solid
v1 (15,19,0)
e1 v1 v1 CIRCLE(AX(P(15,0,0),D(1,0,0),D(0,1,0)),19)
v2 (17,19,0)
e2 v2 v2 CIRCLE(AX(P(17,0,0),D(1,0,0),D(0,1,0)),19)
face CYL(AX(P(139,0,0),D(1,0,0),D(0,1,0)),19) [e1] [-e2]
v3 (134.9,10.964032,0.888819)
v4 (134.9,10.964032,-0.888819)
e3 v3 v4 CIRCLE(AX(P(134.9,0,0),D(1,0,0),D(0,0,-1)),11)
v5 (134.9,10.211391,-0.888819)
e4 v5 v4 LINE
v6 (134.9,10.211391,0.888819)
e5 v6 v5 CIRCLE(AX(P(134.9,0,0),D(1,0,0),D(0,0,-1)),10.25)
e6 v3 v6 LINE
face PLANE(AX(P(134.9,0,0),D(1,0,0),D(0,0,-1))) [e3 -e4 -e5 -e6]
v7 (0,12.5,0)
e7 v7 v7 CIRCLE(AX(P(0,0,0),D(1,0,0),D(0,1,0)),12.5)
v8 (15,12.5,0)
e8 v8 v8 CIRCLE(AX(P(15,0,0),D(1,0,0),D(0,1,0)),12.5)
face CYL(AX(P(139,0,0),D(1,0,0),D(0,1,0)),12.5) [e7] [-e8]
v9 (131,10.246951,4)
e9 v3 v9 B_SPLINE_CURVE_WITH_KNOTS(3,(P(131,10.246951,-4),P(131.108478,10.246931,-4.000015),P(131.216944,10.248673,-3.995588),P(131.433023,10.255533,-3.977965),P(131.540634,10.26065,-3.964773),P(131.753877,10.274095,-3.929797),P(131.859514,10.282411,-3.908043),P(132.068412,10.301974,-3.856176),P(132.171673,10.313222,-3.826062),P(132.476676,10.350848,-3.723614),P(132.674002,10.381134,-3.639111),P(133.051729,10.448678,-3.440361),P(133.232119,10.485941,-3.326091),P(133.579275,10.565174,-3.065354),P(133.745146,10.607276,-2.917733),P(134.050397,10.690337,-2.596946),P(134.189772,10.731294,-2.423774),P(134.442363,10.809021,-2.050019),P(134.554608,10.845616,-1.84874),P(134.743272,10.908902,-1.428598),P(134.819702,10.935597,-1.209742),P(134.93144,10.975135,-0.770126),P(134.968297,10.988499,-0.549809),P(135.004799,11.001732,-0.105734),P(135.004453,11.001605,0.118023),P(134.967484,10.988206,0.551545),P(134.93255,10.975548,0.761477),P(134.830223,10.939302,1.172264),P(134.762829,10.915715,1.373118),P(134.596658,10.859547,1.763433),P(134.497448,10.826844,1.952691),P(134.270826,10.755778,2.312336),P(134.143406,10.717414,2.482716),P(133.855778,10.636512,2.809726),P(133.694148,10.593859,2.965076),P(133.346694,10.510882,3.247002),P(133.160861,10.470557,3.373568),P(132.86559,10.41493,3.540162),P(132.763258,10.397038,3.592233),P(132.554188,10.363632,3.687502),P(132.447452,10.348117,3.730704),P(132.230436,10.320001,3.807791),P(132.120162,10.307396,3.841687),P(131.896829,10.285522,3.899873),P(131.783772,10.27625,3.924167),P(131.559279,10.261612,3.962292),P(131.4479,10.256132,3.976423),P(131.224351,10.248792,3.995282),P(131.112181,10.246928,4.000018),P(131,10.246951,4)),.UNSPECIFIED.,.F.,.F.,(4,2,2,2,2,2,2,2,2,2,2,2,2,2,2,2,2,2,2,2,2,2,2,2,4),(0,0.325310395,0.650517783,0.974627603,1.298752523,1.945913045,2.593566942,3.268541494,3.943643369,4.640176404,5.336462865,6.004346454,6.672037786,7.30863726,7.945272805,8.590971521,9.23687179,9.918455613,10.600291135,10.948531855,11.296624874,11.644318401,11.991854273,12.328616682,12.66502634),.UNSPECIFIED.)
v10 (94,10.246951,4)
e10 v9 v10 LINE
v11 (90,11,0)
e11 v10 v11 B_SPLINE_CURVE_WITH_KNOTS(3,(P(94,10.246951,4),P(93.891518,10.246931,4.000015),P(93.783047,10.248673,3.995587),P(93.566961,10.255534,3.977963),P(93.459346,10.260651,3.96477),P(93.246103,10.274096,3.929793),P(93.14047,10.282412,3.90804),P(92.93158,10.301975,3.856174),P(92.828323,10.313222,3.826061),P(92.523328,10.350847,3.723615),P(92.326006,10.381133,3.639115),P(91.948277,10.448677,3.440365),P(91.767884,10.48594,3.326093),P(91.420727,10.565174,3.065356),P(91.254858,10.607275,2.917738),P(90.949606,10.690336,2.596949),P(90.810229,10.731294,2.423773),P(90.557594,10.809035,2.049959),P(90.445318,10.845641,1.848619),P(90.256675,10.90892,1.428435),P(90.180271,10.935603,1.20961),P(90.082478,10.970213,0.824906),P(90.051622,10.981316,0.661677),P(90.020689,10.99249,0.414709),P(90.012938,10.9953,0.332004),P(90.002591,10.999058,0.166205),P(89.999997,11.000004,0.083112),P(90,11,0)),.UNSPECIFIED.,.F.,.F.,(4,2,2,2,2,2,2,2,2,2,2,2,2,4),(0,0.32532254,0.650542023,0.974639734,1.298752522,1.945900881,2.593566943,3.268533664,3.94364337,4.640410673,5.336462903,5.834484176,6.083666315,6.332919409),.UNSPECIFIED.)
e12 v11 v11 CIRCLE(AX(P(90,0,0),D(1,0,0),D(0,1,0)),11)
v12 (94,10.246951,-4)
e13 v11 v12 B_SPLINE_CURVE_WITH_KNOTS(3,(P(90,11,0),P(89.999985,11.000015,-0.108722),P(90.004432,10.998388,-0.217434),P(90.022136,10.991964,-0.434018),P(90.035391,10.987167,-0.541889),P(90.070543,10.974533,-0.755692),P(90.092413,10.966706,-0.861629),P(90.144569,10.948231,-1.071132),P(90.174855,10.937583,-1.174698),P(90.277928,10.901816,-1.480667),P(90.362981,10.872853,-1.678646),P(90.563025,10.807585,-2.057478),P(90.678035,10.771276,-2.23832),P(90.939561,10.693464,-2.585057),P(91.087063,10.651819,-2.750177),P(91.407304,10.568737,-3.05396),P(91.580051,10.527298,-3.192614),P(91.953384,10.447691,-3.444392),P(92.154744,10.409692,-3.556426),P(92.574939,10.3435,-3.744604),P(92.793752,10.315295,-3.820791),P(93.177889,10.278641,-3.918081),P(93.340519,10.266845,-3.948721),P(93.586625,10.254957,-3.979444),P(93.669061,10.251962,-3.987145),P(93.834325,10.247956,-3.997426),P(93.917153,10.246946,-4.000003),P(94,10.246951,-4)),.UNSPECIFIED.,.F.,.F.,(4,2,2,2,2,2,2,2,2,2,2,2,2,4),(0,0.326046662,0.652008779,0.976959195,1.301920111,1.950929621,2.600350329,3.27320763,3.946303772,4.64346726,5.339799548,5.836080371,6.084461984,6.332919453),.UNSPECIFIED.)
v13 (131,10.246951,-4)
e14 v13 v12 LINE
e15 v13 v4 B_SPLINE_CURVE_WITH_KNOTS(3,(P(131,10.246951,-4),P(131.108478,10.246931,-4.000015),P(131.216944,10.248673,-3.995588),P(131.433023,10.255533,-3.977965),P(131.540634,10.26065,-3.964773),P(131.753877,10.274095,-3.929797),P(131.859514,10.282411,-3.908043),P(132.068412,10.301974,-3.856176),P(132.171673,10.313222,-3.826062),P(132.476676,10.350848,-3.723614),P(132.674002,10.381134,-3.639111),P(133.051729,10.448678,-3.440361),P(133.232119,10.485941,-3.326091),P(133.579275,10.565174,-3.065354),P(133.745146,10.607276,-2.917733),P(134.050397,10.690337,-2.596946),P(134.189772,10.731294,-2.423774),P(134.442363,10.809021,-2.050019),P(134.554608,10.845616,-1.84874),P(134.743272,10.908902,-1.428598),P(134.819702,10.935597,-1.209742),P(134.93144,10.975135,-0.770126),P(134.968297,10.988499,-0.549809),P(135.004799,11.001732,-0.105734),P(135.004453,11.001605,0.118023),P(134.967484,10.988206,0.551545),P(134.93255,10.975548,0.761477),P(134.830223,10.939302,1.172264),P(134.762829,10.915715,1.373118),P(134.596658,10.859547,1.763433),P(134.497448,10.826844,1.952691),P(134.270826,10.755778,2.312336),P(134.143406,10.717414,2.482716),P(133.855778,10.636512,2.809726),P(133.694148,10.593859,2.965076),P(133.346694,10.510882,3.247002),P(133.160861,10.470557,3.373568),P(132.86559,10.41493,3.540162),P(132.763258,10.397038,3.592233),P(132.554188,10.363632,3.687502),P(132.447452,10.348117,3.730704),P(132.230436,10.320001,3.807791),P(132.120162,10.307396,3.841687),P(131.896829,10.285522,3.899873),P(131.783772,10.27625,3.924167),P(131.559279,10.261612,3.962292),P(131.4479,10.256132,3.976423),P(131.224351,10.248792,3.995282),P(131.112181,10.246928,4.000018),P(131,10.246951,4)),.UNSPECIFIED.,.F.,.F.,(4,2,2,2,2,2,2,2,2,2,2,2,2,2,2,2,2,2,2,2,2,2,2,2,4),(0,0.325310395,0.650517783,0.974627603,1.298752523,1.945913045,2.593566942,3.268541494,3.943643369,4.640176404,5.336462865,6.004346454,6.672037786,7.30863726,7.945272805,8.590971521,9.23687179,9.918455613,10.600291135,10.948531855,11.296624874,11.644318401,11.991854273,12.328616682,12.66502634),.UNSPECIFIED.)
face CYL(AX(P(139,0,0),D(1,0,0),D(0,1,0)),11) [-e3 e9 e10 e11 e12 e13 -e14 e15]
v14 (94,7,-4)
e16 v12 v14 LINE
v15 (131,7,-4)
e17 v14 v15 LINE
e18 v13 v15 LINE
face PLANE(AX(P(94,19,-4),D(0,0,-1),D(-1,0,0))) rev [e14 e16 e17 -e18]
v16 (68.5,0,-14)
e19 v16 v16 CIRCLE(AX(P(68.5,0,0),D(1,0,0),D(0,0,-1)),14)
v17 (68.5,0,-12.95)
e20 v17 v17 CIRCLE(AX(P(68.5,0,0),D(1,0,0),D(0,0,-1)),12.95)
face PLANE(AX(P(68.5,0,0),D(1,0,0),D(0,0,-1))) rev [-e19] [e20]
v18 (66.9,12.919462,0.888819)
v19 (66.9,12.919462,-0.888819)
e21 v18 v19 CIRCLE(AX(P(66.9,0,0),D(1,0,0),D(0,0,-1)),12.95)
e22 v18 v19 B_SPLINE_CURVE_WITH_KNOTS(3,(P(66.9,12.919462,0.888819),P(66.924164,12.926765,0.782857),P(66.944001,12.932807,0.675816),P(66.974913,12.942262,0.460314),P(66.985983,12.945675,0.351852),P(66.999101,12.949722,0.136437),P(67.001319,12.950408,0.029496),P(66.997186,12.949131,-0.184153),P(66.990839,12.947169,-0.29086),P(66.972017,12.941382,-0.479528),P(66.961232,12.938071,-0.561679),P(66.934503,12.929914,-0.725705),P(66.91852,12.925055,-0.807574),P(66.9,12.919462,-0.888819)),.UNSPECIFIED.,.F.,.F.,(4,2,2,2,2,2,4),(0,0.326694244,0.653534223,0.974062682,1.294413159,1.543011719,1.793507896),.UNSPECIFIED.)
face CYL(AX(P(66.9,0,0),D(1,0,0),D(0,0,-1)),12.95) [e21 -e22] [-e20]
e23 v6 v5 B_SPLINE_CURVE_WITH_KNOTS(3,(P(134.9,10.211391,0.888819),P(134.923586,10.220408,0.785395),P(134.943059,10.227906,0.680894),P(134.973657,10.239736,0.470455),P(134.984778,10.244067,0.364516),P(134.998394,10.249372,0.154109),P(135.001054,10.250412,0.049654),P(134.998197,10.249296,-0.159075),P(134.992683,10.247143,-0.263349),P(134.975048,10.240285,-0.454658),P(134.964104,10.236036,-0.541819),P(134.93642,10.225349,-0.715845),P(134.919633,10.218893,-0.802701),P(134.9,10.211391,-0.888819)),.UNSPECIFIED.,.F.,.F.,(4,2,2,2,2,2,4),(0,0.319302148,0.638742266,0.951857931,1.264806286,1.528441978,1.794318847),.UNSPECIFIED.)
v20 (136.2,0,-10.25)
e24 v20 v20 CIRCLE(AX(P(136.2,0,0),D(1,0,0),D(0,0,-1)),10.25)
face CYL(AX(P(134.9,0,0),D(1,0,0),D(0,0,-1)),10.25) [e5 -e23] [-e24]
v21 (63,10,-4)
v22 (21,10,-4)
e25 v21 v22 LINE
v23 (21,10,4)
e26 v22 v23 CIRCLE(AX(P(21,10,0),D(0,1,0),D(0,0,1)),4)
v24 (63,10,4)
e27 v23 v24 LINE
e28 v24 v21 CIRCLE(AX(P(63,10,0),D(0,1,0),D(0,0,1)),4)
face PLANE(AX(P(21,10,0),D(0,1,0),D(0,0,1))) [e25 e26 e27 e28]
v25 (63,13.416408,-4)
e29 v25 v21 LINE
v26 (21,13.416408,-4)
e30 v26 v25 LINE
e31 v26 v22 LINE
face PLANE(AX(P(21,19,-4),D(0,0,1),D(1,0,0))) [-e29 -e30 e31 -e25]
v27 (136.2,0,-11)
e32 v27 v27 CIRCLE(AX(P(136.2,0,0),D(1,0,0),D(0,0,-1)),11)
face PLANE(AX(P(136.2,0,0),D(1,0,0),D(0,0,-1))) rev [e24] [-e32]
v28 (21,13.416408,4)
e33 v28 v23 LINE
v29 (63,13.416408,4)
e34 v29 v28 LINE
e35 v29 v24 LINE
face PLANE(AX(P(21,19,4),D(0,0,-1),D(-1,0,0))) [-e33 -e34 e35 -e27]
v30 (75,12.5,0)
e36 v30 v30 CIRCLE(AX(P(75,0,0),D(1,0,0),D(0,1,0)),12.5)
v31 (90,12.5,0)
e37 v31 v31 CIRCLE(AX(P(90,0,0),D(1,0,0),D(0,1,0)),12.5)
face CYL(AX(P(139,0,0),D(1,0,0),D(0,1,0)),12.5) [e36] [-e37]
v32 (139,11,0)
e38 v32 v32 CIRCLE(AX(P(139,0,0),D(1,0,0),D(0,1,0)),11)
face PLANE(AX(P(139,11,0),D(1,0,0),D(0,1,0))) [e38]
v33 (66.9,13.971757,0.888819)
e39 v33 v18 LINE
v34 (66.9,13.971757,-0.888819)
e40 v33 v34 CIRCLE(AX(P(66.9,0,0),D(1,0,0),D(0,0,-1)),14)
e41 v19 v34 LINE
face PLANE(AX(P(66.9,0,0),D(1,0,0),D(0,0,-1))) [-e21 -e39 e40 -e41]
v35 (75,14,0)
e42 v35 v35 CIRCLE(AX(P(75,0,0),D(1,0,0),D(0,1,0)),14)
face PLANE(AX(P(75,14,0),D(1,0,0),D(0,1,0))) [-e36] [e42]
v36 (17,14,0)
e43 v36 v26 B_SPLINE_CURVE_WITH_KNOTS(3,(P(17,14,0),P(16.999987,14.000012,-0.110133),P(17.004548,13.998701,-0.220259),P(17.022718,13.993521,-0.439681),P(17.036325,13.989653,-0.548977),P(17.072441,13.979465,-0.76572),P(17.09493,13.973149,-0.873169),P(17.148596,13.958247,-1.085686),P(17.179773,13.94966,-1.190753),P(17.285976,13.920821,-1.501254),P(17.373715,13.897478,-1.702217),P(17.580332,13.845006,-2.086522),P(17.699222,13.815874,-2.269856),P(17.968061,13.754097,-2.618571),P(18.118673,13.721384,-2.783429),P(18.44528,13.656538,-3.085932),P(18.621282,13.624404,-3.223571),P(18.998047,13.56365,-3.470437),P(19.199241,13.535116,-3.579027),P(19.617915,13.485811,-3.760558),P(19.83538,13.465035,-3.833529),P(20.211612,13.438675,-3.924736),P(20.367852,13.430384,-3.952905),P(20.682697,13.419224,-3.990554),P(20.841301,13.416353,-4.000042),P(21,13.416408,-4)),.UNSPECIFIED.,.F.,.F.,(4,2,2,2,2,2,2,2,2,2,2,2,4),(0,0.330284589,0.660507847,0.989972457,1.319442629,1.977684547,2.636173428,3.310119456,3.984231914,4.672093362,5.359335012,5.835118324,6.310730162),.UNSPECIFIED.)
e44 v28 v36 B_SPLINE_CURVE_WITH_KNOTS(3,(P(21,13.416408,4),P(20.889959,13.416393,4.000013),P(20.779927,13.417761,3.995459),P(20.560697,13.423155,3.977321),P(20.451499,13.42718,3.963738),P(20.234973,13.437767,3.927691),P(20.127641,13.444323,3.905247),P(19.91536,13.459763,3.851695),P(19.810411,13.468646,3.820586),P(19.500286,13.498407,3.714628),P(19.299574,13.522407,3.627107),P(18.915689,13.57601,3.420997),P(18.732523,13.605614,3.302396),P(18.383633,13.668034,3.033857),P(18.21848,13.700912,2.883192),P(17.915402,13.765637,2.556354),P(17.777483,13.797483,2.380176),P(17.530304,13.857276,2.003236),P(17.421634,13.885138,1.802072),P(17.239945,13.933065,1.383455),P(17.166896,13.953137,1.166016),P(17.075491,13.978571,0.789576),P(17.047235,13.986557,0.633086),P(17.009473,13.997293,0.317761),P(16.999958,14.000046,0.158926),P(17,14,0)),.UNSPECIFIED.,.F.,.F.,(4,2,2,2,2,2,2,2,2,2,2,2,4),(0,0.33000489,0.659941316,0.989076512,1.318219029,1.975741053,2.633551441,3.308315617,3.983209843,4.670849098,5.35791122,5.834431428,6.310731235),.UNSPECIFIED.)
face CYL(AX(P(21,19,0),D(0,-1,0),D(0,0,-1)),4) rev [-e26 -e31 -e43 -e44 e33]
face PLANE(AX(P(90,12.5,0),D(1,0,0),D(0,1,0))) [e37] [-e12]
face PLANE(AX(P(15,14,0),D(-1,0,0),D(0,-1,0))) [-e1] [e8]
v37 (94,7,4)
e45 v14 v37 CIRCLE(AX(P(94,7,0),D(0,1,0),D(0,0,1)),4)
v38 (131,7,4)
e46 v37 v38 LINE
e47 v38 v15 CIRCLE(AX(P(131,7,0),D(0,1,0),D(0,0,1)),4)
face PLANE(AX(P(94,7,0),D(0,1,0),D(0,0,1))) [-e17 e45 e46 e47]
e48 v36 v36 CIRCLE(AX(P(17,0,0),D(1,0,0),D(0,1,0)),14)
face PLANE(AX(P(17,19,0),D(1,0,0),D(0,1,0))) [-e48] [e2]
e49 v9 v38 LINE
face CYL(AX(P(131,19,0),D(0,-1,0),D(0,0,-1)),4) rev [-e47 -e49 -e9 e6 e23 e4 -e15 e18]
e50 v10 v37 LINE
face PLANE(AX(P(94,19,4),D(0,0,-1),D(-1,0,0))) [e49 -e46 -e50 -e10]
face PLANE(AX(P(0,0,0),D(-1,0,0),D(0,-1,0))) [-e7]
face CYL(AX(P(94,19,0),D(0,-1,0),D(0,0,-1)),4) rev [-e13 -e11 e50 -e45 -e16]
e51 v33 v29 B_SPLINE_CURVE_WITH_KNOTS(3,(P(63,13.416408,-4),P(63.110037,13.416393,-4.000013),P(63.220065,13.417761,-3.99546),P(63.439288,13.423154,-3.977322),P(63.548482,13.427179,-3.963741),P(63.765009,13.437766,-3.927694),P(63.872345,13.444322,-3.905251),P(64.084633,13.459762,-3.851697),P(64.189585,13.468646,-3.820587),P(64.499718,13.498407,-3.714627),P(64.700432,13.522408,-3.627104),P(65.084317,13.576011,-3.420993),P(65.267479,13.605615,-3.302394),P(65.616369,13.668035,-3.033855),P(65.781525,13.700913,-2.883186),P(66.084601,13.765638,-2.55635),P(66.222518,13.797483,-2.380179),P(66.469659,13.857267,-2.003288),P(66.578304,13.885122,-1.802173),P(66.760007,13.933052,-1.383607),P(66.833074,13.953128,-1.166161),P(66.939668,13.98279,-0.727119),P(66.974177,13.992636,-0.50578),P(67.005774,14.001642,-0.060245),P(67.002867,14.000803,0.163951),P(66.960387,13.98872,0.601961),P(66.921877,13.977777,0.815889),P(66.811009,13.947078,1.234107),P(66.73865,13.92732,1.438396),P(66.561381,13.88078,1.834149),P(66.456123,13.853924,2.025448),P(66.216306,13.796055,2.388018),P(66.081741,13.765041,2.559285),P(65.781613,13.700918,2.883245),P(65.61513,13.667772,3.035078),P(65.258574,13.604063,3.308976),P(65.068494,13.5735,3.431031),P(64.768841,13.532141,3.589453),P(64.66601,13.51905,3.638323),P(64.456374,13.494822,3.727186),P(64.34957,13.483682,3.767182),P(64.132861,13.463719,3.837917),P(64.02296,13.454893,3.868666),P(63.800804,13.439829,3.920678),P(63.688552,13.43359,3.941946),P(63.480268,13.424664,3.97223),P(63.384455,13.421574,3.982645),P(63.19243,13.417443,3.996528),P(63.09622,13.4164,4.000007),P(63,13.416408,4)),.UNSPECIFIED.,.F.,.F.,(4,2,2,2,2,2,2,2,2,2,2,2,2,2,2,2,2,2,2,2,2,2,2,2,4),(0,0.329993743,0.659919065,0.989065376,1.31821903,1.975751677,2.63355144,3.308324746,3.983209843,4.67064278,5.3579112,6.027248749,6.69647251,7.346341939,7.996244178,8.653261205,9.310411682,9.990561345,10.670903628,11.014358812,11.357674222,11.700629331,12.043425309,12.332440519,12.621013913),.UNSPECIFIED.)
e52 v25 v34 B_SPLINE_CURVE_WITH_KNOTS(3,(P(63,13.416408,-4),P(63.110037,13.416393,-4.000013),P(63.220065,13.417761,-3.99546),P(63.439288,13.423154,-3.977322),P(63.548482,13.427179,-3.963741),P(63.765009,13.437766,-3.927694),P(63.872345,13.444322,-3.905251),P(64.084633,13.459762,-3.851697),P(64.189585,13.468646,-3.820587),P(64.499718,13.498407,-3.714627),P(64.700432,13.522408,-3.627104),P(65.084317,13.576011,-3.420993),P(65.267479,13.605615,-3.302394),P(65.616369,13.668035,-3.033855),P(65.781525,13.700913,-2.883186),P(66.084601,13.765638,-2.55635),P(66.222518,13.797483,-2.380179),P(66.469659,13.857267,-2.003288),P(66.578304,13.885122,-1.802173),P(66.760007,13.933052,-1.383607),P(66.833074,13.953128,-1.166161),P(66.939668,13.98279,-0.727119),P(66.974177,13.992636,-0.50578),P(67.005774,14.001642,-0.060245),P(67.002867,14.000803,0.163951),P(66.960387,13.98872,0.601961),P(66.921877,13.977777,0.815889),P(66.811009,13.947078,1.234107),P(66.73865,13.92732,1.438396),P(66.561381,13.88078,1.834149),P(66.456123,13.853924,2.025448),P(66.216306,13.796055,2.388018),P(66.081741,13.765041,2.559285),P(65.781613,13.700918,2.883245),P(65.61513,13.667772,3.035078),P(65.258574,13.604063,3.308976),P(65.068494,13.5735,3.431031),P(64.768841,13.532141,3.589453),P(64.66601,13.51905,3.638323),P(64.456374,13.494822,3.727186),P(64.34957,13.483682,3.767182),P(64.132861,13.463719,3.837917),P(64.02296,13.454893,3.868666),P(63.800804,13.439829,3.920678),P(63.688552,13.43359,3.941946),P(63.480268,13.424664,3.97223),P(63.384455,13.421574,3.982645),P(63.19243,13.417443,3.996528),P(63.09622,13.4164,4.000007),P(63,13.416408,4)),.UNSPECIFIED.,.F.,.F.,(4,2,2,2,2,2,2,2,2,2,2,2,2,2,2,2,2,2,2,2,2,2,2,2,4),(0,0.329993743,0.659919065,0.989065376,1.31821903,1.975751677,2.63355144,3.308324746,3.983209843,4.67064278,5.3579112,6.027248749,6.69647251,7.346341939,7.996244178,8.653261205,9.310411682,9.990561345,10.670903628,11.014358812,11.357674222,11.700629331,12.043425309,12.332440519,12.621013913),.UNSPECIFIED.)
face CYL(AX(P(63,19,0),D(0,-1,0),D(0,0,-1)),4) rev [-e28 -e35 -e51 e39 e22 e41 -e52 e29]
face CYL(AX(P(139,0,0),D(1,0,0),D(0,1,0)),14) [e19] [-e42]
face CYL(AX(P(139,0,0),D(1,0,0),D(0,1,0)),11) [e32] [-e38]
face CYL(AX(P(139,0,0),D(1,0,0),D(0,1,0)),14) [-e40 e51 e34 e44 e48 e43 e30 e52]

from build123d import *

# Parameters (mm, degrees)
CUT_EXTRUDE_START   = 10
CUT_EXTRUDE_1_DEPTH = 132.573302568
CUT_EXTRUDE_START_2 = 7
CUT_EXTRUDE_2_DEPTH = 135.573302568
CUT_EXTRUDE_START_3 = 68.5
SKETCH_4_R          = 14
SKETCH_4_R_2        = 12.95
CUT_EXTRUDE_3_DEPTH = 1.6
CUT_EXTRUDE_START_4 = 136.2
SKETCH_5_R          = 11
SKETCH_5_R_2        = 10.25
CUT_EXTRUDE_4_DEPTH = 1.3


with BuildPart() as part:
    # Эскиз1 → Повернуть1 (revolve)
    with BuildSketch(Plane.XY):
        Polygon((0, 0), (0, 12.5), (15, 12.5), (15, 14), (15, 19), (17, 19), (17, 14), (75, 14), (75, 12.5), (90, 12.5), (90, 11), (139, 11), (139, 0), align=None)
    revolve(axis=Axis((139, 0, 0), (-1, 0, 0)))

    # Эскиз2 → Вырез-Вытянуть1 (cut, through all)
    with BuildSketch(Plane(origin=(0, 0, 0), x_dir=(1, 0, 0), z_dir=(0, 1, 0)).offset(CUT_EXTRUDE_START)):
        with BuildLine():
            Line((21, 4), (63, 4))
            ThreePointArc((63, 4), (67, 0), (63, -4))
            Line((63, -4), (21, -4))
            ThreePointArc((21, -4), (17, 0), (21, 4))
        make_face()
    extrude(amount=CUT_EXTRUDE_1_DEPTH, mode=Mode.SUBTRACT)

    # Эскиз3 → Вырез-Вытянуть2 (cut, through all)
    with BuildSketch(Plane(origin=(0, 0, 0), x_dir=(1, 0, 0), z_dir=(0, 1, 0)).offset(CUT_EXTRUDE_START_2)):
        with BuildLine():
            Line((94, 4), (131, 4))
            ThreePointArc((131, 4), (135, 0), (131, -4))
            Line((131, -4), (94, -4))
            ThreePointArc((94, -4), (90, 0), (94, 4))
        make_face()
    extrude(amount=CUT_EXTRUDE_2_DEPTH, mode=Mode.SUBTRACT)

    # Эскиз4 → Вырез-Вытянуть3 (cut)
    with BuildSketch(Plane(origin=(0, 0, 0), x_dir=(0, 0, -1), z_dir=(1, 0, 0)).offset(CUT_EXTRUDE_START_3)):
        with Locations(Location((0, 0, 0), (0, 0, 90))):
            Circle(SKETCH_4_R)
        Circle(SKETCH_4_R_2, mode=Mode.SUBTRACT)
    extrude(amount=-CUT_EXTRUDE_3_DEPTH, mode=Mode.SUBTRACT)

    # Эскиз5 → Вырез-Вытянуть4 (cut)
    with BuildSketch(Plane(origin=(0, 0, 0), x_dir=(0, 0, -1), z_dir=(1, 0, 0)).offset(CUT_EXTRUDE_START_4)):
        with Locations(Location((0, 0, 0), (0, 0, 90))):
            Circle(SKETCH_5_R)
        Circle(SKETCH_5_R_2, mode=Mode.SUBTRACT)
    extrude(amount=-CUT_EXTRUDE_4_DEPTH, mode=Mode.SUBTRACT)


solid = part.part
